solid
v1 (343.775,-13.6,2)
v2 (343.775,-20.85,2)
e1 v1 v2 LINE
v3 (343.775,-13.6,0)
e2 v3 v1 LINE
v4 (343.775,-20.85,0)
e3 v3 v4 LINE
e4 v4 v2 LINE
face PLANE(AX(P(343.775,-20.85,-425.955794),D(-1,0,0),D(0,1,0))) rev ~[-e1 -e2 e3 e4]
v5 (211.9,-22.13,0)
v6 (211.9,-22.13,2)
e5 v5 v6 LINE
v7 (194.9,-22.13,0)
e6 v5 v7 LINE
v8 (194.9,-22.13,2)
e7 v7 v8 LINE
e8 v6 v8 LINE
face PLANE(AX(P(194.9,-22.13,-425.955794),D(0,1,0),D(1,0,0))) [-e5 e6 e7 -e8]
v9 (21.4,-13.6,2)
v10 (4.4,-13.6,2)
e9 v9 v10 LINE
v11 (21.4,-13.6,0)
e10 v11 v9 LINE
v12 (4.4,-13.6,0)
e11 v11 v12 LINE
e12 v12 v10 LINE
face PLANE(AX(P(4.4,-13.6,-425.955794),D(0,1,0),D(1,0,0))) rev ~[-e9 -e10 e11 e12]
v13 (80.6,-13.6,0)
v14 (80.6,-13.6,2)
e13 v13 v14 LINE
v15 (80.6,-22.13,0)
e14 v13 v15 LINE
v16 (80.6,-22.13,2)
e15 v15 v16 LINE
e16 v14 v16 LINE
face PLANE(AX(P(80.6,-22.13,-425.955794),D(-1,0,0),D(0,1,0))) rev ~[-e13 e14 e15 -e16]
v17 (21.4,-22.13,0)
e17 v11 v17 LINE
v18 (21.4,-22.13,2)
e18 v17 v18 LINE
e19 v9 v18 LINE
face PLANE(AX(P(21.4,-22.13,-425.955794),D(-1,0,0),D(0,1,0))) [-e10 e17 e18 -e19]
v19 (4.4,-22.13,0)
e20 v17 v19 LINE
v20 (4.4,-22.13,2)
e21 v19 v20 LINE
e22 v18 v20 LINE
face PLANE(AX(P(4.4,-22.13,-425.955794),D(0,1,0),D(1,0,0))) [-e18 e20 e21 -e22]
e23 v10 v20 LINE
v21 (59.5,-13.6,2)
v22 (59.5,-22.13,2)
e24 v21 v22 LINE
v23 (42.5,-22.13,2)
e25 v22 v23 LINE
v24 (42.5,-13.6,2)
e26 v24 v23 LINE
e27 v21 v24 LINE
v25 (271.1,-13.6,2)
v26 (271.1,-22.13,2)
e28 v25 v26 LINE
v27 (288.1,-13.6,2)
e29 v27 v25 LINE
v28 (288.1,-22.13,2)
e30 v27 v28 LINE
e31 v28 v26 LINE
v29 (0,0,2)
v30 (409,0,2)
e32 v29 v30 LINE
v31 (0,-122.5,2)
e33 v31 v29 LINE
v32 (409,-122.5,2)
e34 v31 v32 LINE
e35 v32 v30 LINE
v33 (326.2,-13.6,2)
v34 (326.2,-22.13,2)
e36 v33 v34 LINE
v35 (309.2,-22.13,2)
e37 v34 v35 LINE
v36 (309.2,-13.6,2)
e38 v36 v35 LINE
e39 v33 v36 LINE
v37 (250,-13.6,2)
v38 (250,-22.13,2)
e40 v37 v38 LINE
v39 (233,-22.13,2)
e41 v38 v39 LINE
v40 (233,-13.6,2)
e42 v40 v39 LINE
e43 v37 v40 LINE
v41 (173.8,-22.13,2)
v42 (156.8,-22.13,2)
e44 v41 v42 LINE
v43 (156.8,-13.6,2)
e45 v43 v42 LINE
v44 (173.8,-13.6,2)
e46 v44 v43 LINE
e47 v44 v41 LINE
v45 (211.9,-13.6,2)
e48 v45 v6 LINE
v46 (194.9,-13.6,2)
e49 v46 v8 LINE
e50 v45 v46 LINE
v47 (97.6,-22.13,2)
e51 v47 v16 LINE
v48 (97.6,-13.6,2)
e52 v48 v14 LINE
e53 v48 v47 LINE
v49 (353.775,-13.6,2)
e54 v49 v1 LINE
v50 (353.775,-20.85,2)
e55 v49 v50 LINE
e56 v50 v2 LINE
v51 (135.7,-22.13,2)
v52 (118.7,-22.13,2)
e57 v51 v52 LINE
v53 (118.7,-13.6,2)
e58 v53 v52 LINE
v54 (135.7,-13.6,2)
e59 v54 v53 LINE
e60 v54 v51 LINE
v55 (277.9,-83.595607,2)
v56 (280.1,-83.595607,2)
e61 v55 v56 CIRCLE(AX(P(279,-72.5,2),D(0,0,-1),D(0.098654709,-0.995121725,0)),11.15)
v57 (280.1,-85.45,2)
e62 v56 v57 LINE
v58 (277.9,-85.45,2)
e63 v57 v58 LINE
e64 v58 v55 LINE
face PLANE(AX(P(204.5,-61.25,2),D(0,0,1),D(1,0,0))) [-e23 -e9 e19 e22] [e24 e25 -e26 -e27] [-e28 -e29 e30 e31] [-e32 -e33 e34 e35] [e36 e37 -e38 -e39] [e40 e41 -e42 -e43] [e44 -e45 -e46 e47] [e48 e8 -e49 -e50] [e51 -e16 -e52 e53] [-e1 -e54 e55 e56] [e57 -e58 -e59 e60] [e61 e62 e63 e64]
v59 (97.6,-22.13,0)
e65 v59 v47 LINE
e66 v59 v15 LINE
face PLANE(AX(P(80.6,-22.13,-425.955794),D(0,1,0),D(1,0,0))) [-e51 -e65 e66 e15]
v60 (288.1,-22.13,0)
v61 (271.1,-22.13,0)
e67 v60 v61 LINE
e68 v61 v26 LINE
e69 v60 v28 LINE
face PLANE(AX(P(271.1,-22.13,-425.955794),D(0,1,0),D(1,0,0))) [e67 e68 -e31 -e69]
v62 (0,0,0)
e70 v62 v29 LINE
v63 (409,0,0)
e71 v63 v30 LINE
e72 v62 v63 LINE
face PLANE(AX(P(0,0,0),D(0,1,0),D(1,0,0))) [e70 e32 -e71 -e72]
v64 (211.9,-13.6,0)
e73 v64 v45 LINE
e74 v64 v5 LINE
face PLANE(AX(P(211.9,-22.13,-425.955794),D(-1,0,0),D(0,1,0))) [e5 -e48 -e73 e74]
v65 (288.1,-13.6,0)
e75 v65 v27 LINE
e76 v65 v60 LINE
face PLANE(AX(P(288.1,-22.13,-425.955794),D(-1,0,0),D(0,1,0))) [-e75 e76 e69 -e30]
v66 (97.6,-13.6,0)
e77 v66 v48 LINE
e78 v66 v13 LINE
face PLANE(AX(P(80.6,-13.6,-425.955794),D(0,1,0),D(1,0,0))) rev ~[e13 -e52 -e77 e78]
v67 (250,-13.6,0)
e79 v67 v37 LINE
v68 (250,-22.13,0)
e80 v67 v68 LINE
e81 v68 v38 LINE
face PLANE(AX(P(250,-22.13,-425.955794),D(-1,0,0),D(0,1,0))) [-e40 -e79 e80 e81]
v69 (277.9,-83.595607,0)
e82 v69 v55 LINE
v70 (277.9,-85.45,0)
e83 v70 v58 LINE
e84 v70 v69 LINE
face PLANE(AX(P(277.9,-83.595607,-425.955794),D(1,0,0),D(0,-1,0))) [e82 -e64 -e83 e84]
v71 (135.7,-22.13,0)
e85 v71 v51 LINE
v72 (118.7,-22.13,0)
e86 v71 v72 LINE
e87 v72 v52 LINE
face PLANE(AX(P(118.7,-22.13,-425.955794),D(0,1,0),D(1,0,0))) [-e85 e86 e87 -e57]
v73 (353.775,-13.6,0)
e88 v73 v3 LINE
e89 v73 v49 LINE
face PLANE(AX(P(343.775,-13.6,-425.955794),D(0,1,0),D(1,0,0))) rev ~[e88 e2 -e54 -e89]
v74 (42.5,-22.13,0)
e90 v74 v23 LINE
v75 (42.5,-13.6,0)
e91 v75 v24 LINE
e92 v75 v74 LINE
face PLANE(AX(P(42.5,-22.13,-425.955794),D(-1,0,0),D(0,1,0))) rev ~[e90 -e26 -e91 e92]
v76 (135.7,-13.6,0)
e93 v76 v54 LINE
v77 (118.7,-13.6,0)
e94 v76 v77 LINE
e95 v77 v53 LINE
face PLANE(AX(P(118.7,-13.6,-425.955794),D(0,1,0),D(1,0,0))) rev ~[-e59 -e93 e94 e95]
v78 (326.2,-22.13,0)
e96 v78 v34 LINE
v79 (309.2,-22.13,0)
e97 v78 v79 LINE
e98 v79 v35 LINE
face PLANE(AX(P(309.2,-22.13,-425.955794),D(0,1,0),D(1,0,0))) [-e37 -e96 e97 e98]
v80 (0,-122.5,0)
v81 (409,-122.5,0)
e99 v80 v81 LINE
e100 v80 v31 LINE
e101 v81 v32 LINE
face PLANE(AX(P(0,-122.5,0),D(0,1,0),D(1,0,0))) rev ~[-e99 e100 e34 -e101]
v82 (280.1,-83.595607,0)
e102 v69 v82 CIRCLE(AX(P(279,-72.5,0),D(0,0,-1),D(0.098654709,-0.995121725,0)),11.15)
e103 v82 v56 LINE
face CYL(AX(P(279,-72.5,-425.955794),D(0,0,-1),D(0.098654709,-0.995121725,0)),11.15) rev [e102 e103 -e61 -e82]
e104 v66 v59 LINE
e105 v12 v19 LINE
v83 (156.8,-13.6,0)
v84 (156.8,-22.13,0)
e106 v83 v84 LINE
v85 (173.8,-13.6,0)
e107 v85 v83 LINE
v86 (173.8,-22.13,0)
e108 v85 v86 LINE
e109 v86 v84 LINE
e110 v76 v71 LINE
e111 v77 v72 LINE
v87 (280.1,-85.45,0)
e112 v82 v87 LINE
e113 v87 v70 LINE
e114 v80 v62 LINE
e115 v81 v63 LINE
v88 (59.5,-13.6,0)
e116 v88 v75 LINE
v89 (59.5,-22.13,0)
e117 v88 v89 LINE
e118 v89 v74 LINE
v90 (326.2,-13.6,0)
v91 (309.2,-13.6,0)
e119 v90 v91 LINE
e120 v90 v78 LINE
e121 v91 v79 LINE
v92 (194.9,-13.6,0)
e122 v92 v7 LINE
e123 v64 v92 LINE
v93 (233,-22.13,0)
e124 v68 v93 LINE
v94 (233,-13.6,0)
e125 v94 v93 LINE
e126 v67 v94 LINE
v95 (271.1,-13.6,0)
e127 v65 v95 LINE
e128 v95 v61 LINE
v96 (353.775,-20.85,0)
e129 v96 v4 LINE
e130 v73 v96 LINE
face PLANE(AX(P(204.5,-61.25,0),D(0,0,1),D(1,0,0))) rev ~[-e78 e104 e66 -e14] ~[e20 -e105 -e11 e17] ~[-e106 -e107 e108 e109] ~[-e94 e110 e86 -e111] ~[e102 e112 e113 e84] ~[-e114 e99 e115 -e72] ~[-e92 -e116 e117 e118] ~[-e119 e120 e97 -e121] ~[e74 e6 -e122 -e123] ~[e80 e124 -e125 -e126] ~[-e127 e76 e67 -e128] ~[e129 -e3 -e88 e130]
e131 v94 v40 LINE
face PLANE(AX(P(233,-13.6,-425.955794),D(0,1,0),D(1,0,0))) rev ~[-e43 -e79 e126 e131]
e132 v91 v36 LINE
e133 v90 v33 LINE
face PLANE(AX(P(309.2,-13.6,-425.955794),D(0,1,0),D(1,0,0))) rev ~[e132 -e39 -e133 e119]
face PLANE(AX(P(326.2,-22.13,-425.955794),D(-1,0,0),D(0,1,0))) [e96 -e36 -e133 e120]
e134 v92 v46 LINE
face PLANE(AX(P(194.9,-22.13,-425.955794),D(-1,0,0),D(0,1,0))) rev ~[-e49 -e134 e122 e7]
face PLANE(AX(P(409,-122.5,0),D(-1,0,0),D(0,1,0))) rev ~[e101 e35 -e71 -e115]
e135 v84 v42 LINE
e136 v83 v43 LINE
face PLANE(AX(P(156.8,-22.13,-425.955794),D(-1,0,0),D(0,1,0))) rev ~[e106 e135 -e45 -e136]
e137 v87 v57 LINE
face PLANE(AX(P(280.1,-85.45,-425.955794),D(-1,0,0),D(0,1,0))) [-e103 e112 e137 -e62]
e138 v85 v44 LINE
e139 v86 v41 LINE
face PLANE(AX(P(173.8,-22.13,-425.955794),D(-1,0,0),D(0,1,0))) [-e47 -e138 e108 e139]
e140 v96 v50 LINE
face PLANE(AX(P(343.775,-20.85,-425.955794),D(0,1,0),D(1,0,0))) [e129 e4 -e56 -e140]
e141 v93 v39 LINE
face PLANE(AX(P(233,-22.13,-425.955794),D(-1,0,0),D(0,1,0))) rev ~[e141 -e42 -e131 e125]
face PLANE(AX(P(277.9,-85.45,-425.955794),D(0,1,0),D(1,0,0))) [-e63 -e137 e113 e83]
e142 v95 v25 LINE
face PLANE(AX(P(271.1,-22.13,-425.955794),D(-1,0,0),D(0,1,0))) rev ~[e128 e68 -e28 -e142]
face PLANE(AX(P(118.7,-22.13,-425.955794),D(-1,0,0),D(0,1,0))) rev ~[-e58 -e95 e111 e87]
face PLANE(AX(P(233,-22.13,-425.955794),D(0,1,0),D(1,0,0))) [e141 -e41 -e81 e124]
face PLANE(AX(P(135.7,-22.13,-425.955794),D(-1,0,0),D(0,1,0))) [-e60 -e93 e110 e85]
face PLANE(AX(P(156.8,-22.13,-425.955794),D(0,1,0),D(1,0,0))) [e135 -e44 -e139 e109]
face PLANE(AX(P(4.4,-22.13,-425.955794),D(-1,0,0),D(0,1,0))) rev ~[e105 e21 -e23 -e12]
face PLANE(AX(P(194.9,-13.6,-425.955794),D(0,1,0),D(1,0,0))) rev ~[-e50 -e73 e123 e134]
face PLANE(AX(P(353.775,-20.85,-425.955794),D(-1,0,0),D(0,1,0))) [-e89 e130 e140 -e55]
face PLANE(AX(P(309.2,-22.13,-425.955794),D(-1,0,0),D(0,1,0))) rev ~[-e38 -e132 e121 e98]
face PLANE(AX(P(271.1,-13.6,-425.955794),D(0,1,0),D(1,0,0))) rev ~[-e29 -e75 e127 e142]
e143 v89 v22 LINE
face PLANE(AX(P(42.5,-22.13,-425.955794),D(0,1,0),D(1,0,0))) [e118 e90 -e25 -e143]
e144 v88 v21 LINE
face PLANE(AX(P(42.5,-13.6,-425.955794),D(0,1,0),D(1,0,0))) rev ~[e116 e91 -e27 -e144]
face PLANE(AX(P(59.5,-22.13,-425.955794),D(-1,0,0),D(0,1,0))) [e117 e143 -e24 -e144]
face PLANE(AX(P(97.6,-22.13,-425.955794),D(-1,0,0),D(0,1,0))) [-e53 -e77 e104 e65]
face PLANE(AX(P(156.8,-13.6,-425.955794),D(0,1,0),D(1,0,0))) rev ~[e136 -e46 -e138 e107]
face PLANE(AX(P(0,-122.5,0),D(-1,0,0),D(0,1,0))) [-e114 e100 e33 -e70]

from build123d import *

# Parameters (mm, degrees)
SKETCH1_W               = 409
SKETCH1_H               = 122.5
BOSS_EXTRUDE1_DEPTH     = 2
CUT_EXTRUDE2_DEPTH      = 427.955793965
CUT_EXTRUDE2_DEPTH_BACK = 427.955793965
SKETCH2_W               = 17
SKETCH2_H               = 8.53
SKETCH2_W_2             = 10
SKETCH2_H_2             = 7.25


with BuildPart() as part:
    # Sketch1 → Boss-Extrude1 (new body)
    with BuildSketch(Plane.XY):
        with Locations((204.5, -61.25)):
            Rectangle(SKETCH1_W, SKETCH1_H)
    extrude(amount=BOSS_EXTRUDE1_DEPTH)

    # Sketch2 → Cut-Extrude2 (cut, two sides: drawn at the far end of the back side and taken through both)
    with BuildSketch(Plane.XY.offset(2).offset(-CUT_EXTRUDE2_DEPTH_BACK)):
        with Locations((12.9, -17.865)):
            Rectangle(SKETCH2_W, SKETCH2_H)
        with Locations((51, -17.865)):
            Rectangle(SKETCH2_W, SKETCH2_H)
        with Locations((89.1, -17.865)):
            Rectangle(SKETCH2_W, SKETCH2_H)
        with Locations((127.2, -17.865)):
            Rectangle(SKETCH2_W, SKETCH2_H)
        with Locations((165.3, -17.865)):
            Rectangle(SKETCH2_W, SKETCH2_H)
        with Locations((203.4, -17.865)):
            Rectangle(SKETCH2_W, SKETCH2_H)
        with Locations((279.6, -17.865)):
            Rectangle(SKETCH2_W, SKETCH2_H)
        with Locations((241.5, -17.865)):
            Rectangle(SKETCH2_W, SKETCH2_H)
        with Locations((317.7, -17.865)):
            Rectangle(SKETCH2_W, SKETCH2_H)
        with Locations((348.775, -17.225)):
            Rectangle(SKETCH2_W_2, SKETCH2_H_2)
        with BuildLine():
            Line((280.1, -85.45), (280.1, -83.595607239))
            ThreePointArc((280.1, -83.595607239), (279, -61.35), (277.9, -83.595607239))
            Line((277.9, -83.595607239), (277.9, -85.45))
            Line((277.9, -85.45), (280.1, -85.45))
        make_face()
    extrude(amount=CUT_EXTRUDE2_DEPTH + CUT_EXTRUDE2_DEPTH_BACK, mode=Mode.SUBTRACT)


solid = part.part
